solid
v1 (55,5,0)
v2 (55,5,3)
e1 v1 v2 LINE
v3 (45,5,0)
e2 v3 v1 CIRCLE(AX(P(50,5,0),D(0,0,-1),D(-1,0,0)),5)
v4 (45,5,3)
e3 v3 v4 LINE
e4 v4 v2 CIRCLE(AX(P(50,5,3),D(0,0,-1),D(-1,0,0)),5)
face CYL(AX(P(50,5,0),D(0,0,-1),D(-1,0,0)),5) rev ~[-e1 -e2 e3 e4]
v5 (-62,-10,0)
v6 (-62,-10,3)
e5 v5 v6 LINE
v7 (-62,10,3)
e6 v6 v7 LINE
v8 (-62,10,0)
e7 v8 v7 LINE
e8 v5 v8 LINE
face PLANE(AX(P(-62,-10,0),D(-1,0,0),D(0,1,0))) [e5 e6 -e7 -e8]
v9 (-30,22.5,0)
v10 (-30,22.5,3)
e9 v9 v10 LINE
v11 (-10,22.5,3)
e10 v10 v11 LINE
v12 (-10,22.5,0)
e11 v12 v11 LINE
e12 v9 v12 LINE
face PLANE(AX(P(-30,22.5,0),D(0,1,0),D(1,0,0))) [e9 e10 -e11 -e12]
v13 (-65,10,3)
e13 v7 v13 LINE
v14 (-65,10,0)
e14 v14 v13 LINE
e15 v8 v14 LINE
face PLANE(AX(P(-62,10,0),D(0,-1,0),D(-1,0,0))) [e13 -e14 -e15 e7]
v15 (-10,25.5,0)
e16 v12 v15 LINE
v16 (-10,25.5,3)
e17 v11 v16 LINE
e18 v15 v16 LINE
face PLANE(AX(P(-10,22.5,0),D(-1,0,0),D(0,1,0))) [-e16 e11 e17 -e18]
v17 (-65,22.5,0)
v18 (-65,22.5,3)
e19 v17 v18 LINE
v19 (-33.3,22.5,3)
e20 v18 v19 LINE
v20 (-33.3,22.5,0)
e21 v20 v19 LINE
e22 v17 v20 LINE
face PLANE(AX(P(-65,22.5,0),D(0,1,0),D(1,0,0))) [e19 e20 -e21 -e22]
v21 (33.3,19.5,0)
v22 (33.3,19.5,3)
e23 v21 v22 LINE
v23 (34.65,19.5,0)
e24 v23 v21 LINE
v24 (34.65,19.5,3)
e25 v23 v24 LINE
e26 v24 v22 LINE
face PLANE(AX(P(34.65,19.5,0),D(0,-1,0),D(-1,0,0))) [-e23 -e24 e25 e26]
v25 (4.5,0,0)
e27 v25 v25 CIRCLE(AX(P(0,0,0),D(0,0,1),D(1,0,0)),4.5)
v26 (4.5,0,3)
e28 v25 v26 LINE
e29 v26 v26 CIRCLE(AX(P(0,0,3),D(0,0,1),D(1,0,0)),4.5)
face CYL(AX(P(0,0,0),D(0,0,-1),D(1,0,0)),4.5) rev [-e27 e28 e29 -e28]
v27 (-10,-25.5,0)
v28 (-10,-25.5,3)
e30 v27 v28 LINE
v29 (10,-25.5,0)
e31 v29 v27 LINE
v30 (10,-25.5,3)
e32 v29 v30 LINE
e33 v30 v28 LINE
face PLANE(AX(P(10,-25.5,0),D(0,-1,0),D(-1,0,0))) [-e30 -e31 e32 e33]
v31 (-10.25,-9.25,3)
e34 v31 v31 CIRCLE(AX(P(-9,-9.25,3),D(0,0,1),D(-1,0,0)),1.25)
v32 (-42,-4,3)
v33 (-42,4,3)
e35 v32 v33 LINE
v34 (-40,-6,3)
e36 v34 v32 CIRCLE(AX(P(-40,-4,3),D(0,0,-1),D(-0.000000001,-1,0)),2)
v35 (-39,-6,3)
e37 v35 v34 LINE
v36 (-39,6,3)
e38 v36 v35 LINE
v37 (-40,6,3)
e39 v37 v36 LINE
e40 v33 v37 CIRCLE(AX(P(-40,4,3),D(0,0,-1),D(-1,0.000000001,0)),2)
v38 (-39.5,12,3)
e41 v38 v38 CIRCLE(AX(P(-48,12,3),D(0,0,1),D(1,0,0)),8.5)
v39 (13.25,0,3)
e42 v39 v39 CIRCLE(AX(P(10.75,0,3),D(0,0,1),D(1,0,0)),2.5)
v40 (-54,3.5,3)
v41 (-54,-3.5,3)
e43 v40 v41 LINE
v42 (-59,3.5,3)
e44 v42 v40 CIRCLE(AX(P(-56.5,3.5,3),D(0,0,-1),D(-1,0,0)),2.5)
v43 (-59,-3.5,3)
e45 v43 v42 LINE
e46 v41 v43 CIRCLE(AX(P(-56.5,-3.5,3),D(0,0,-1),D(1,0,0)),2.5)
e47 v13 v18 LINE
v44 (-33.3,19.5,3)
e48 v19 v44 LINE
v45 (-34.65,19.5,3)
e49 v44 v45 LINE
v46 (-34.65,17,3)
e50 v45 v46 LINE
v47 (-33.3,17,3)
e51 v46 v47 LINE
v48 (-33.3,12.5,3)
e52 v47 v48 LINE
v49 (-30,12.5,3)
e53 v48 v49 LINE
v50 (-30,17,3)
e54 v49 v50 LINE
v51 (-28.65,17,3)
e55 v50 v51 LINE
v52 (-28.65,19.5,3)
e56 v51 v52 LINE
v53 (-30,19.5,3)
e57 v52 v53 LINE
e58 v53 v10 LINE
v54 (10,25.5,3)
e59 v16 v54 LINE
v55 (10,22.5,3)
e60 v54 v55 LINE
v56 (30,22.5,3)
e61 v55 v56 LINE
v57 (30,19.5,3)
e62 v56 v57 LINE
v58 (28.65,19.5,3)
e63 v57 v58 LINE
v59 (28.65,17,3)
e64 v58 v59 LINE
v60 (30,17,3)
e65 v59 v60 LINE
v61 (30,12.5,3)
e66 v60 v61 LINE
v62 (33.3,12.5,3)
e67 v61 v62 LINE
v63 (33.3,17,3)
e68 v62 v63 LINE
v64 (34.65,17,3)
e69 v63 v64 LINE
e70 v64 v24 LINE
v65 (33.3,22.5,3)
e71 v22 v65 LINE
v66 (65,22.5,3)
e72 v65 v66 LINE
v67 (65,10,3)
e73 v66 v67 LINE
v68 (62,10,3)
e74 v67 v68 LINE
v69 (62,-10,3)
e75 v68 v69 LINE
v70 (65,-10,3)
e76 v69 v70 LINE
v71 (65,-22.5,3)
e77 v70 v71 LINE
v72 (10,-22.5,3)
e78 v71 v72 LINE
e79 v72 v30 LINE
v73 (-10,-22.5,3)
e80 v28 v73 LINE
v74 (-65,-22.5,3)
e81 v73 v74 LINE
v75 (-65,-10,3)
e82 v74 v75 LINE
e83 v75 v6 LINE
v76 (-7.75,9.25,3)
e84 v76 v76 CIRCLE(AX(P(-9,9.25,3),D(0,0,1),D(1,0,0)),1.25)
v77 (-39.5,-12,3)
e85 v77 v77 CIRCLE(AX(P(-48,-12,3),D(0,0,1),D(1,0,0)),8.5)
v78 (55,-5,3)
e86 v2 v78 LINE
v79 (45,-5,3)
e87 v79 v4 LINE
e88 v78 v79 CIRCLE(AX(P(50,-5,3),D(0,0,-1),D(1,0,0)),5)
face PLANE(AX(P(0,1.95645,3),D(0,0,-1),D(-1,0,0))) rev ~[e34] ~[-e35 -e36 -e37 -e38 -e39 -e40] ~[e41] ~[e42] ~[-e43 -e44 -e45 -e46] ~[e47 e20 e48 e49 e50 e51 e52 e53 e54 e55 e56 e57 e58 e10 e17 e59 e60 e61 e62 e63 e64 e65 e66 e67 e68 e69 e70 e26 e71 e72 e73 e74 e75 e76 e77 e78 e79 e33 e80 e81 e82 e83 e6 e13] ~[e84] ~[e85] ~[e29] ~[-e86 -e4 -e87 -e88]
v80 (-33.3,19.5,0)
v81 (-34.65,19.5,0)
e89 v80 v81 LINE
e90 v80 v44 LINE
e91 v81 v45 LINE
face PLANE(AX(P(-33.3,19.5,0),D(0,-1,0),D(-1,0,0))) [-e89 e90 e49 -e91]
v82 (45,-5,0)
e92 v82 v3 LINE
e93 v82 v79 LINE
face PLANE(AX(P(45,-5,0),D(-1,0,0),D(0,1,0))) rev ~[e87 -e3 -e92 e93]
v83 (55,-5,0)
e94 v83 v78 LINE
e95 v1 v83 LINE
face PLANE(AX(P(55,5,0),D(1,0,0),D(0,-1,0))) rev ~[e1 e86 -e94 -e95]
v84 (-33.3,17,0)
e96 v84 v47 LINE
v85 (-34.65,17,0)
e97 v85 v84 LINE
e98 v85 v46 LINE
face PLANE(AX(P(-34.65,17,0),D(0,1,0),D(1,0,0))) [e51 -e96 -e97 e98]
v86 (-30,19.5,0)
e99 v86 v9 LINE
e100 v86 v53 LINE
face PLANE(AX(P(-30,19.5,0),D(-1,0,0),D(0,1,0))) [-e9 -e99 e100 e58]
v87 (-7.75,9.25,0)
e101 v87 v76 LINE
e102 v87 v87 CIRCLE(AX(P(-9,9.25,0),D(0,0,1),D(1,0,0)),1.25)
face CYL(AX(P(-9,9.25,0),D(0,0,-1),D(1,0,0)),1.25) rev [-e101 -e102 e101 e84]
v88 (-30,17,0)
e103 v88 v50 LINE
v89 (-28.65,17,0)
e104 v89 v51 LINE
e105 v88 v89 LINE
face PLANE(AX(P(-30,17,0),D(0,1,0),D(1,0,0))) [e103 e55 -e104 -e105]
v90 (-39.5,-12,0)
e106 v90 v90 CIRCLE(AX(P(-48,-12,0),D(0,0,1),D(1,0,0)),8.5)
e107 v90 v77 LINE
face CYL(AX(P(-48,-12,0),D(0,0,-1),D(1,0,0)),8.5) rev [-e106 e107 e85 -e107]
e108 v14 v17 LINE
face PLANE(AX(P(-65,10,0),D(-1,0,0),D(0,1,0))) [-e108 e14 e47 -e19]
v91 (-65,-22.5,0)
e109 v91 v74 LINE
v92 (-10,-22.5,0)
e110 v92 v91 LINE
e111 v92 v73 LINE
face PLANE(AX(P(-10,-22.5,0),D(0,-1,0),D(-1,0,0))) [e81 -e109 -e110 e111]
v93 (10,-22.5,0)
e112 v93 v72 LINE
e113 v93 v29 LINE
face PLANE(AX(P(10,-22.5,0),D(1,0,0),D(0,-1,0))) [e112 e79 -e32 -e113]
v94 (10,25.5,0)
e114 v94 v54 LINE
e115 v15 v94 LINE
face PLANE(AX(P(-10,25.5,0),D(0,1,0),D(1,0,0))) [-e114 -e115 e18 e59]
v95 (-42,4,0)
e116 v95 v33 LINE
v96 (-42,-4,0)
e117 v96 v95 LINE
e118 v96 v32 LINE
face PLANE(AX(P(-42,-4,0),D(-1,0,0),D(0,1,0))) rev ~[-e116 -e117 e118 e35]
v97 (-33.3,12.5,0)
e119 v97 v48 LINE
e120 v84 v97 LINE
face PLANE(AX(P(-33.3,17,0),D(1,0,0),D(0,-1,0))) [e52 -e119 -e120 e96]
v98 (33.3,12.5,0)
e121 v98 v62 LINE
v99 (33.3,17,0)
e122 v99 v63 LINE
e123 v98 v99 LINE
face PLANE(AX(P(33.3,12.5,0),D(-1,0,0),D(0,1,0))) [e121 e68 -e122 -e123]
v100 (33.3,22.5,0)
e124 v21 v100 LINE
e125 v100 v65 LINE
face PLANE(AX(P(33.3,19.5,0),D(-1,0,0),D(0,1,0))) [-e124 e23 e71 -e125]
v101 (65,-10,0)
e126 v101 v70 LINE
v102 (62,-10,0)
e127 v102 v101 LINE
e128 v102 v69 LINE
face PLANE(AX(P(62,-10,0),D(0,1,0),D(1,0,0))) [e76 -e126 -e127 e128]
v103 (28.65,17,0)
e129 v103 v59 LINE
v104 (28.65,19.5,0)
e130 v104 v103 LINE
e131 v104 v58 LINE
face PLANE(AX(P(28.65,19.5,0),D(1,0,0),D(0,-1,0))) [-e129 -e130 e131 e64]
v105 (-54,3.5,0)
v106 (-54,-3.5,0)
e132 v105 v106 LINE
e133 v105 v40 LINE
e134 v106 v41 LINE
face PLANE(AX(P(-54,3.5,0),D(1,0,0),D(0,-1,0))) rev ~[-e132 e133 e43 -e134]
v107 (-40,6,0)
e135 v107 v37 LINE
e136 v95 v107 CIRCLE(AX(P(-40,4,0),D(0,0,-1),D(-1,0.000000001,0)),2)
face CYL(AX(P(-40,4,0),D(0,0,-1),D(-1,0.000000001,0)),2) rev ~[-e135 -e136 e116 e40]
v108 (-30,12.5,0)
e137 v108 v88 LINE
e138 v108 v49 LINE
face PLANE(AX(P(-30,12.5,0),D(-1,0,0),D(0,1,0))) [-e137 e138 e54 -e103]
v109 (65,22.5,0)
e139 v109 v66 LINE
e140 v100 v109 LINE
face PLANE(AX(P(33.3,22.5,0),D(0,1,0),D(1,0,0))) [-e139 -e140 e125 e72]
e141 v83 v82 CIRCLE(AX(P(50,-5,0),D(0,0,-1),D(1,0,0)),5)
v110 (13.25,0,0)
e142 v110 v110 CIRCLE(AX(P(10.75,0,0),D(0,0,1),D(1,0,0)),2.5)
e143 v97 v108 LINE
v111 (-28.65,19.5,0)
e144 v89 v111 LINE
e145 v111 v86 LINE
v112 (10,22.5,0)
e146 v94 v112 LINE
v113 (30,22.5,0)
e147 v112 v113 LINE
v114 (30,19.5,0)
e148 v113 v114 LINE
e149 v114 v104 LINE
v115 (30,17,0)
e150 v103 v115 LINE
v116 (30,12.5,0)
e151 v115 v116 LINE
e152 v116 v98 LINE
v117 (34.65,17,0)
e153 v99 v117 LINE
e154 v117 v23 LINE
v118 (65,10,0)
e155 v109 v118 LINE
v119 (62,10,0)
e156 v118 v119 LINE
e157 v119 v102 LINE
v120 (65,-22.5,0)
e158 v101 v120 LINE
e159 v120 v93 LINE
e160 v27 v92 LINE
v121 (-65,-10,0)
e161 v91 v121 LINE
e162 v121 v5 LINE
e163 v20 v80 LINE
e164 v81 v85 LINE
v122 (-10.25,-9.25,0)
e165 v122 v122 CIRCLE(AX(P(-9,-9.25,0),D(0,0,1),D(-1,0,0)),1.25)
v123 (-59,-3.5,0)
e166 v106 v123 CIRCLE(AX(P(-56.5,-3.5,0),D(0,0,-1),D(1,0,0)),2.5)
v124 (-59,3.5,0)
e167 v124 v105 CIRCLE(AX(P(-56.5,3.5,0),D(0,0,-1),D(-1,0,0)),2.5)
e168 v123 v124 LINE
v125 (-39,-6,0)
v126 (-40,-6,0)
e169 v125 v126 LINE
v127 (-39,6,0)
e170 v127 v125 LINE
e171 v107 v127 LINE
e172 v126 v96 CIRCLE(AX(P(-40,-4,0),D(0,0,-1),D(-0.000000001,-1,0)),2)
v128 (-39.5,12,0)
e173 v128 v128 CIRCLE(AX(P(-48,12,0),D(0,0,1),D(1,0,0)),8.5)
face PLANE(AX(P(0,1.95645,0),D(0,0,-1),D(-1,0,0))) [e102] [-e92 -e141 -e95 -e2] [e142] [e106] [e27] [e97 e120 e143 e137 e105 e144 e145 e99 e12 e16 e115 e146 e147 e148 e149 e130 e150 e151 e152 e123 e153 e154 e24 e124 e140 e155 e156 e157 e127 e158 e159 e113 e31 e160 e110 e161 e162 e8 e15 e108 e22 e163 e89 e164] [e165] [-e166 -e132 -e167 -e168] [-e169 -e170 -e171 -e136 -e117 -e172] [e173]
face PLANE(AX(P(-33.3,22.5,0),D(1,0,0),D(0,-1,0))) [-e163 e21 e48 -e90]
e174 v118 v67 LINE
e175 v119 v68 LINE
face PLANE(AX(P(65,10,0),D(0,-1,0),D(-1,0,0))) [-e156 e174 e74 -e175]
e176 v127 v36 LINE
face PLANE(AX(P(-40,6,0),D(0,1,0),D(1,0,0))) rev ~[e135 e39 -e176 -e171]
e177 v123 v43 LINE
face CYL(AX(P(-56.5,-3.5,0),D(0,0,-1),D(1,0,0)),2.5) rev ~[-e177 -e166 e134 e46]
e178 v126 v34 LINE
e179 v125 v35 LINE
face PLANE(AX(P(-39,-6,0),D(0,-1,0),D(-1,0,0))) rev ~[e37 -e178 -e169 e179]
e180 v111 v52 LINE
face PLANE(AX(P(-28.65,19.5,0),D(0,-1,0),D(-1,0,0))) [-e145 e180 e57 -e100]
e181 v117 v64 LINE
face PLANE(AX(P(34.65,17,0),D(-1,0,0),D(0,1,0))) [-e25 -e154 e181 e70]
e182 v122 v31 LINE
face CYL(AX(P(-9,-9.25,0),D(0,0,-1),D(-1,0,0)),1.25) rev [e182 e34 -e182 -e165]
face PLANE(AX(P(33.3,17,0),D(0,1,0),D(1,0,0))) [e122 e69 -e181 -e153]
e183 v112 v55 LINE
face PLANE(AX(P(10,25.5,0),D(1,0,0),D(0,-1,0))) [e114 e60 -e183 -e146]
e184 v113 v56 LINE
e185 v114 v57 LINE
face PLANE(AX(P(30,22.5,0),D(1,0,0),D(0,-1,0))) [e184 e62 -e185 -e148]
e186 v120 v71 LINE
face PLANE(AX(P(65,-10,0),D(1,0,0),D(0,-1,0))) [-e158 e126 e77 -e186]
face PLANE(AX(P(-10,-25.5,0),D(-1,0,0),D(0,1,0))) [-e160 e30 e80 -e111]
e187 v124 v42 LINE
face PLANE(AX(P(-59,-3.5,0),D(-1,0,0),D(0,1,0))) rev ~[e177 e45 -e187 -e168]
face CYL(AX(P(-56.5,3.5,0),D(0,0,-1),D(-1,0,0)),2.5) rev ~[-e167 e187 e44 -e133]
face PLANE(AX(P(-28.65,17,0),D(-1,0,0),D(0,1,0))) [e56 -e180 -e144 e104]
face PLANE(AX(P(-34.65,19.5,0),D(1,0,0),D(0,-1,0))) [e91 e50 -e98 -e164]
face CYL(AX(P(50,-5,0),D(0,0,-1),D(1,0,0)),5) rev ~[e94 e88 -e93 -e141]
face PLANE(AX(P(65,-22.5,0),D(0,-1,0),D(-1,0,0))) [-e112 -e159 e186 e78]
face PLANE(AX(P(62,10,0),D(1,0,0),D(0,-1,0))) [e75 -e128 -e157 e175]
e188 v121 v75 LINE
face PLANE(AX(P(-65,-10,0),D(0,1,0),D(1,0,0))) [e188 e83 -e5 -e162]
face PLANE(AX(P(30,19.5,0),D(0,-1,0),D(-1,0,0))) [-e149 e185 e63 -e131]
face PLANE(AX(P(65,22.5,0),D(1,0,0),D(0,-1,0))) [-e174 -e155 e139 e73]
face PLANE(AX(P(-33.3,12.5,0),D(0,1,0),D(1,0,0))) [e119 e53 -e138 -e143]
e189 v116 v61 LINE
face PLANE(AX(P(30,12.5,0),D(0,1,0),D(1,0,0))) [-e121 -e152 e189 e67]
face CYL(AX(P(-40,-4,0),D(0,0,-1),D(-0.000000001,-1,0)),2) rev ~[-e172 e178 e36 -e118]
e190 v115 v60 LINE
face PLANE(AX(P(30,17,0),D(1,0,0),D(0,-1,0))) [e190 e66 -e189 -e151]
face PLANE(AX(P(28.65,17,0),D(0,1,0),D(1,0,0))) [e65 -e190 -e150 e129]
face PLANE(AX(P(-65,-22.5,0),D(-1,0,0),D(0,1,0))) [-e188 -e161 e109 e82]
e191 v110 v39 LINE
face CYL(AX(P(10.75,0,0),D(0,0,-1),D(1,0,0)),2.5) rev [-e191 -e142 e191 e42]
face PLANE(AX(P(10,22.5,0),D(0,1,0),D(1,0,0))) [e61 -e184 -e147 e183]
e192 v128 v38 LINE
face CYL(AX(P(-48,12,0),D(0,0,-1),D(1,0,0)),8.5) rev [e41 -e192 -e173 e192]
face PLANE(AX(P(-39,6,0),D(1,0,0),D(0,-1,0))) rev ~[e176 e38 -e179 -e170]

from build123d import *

# Parameters (mm, degrees)
SKETCH1_R           = 8.5
SKETCH1_R_2         = 4.5
SKETCH1_R_3         = 2.5
SKETCH1_R_4         = 1.25
BOSS_EXTRUDE1_DEPTH = 3


with BuildPart() as part:
    # Sketch1 → Boss-Extrude1 (new body)
    with BuildSketch(Plane.XY):
        Polygon((-10, -22.5), (-65, -22.5), (-65, -10), (-62, -10), (-62, 10), (-65, 10), (-65, 22.5), (-33.3, 22.5), (-33.3, 19.5), (-34.65, 19.5), (-34.65, 17), (-33.3, 17), (-33.3, 12.5), (-30, 12.5), (-30, 17), (-28.65, 17), (-28.65, 19.5), (-30, 19.5), (-30, 22.5), (-10, 22.5), (-10, 25.5), (10, 25.5), (10, 22.5), (30, 22.5), (30, 19.5), (28.65, 19.5), (28.65, 17), (30, 17), (30, 12.5), (33.3, 12.5), (33.3, 17), (34.65, 17), (34.65, 19.5), (33.3, 19.5), (33.3, 22.5), (65, 22.5), (65, 10), (62, 10), (62, -10), (65, -10), (65, -22.5), (10, -22.5), (10, -25.5), (-10, -25.5), align=None)
        with Locations((-48, 12)):
            Circle(SKETCH1_R, mode=Mode.SUBTRACT)
        with Locations((-48, -12)):
            Circle(SKETCH1_R, mode=Mode.SUBTRACT)
        Circle(SKETCH1_R_2, mode=Mode.SUBTRACT)
        with Locations((10.75, 0)):
            Circle(SKETCH1_R_3, mode=Mode.SUBTRACT)
        with Locations((-9, 9.25)):
            Circle(SKETCH1_R_4, mode=Mode.SUBTRACT)
        with Locations(Location((-9, -9.25, 0), (0, 0, 180))):
            Circle(SKETCH1_R_4, mode=Mode.SUBTRACT)
        with BuildLine():
            Line((-54, 3.5), (-54, -3.5))
            ThreePointArc((-54, -3.5), (-56.5, -6), (-59, -3.5))
            Line((-59, -3.5), (-59, 3.5))
            ThreePointArc((-59, 3.5), (-56.5, 6), (-54, 3.5))
        make_face(mode=Mode.SUBTRACT)
        with BuildLine():
            Line((-39, -6), (-40, -6))
            ThreePointArc((-40, -6), (-41.414213562, -5.414213562), (-42, -4))
            Line((-42, -4), (-42, 4))
            ThreePointArc((-42, 4), (-41.414213562, 5.414213562), (-40, 6))
            Line((-40, 6), (-39, 6))
            Line((-39, 6), (-39, -6))
        make_face(mode=Mode.SUBTRACT)
        with BuildLine():
            Line((45, -5), (45, 5))
            ThreePointArc((45, 5), (50, 10), (55, 5))
            Line((55, 5), (55, -5))
            ThreePointArc((55, -5), (50, -10), (45, -5))
        make_face(mode=Mode.SUBTRACT)
    extrude(amount=BOSS_EXTRUDE1_DEPTH)


solid = part.part
